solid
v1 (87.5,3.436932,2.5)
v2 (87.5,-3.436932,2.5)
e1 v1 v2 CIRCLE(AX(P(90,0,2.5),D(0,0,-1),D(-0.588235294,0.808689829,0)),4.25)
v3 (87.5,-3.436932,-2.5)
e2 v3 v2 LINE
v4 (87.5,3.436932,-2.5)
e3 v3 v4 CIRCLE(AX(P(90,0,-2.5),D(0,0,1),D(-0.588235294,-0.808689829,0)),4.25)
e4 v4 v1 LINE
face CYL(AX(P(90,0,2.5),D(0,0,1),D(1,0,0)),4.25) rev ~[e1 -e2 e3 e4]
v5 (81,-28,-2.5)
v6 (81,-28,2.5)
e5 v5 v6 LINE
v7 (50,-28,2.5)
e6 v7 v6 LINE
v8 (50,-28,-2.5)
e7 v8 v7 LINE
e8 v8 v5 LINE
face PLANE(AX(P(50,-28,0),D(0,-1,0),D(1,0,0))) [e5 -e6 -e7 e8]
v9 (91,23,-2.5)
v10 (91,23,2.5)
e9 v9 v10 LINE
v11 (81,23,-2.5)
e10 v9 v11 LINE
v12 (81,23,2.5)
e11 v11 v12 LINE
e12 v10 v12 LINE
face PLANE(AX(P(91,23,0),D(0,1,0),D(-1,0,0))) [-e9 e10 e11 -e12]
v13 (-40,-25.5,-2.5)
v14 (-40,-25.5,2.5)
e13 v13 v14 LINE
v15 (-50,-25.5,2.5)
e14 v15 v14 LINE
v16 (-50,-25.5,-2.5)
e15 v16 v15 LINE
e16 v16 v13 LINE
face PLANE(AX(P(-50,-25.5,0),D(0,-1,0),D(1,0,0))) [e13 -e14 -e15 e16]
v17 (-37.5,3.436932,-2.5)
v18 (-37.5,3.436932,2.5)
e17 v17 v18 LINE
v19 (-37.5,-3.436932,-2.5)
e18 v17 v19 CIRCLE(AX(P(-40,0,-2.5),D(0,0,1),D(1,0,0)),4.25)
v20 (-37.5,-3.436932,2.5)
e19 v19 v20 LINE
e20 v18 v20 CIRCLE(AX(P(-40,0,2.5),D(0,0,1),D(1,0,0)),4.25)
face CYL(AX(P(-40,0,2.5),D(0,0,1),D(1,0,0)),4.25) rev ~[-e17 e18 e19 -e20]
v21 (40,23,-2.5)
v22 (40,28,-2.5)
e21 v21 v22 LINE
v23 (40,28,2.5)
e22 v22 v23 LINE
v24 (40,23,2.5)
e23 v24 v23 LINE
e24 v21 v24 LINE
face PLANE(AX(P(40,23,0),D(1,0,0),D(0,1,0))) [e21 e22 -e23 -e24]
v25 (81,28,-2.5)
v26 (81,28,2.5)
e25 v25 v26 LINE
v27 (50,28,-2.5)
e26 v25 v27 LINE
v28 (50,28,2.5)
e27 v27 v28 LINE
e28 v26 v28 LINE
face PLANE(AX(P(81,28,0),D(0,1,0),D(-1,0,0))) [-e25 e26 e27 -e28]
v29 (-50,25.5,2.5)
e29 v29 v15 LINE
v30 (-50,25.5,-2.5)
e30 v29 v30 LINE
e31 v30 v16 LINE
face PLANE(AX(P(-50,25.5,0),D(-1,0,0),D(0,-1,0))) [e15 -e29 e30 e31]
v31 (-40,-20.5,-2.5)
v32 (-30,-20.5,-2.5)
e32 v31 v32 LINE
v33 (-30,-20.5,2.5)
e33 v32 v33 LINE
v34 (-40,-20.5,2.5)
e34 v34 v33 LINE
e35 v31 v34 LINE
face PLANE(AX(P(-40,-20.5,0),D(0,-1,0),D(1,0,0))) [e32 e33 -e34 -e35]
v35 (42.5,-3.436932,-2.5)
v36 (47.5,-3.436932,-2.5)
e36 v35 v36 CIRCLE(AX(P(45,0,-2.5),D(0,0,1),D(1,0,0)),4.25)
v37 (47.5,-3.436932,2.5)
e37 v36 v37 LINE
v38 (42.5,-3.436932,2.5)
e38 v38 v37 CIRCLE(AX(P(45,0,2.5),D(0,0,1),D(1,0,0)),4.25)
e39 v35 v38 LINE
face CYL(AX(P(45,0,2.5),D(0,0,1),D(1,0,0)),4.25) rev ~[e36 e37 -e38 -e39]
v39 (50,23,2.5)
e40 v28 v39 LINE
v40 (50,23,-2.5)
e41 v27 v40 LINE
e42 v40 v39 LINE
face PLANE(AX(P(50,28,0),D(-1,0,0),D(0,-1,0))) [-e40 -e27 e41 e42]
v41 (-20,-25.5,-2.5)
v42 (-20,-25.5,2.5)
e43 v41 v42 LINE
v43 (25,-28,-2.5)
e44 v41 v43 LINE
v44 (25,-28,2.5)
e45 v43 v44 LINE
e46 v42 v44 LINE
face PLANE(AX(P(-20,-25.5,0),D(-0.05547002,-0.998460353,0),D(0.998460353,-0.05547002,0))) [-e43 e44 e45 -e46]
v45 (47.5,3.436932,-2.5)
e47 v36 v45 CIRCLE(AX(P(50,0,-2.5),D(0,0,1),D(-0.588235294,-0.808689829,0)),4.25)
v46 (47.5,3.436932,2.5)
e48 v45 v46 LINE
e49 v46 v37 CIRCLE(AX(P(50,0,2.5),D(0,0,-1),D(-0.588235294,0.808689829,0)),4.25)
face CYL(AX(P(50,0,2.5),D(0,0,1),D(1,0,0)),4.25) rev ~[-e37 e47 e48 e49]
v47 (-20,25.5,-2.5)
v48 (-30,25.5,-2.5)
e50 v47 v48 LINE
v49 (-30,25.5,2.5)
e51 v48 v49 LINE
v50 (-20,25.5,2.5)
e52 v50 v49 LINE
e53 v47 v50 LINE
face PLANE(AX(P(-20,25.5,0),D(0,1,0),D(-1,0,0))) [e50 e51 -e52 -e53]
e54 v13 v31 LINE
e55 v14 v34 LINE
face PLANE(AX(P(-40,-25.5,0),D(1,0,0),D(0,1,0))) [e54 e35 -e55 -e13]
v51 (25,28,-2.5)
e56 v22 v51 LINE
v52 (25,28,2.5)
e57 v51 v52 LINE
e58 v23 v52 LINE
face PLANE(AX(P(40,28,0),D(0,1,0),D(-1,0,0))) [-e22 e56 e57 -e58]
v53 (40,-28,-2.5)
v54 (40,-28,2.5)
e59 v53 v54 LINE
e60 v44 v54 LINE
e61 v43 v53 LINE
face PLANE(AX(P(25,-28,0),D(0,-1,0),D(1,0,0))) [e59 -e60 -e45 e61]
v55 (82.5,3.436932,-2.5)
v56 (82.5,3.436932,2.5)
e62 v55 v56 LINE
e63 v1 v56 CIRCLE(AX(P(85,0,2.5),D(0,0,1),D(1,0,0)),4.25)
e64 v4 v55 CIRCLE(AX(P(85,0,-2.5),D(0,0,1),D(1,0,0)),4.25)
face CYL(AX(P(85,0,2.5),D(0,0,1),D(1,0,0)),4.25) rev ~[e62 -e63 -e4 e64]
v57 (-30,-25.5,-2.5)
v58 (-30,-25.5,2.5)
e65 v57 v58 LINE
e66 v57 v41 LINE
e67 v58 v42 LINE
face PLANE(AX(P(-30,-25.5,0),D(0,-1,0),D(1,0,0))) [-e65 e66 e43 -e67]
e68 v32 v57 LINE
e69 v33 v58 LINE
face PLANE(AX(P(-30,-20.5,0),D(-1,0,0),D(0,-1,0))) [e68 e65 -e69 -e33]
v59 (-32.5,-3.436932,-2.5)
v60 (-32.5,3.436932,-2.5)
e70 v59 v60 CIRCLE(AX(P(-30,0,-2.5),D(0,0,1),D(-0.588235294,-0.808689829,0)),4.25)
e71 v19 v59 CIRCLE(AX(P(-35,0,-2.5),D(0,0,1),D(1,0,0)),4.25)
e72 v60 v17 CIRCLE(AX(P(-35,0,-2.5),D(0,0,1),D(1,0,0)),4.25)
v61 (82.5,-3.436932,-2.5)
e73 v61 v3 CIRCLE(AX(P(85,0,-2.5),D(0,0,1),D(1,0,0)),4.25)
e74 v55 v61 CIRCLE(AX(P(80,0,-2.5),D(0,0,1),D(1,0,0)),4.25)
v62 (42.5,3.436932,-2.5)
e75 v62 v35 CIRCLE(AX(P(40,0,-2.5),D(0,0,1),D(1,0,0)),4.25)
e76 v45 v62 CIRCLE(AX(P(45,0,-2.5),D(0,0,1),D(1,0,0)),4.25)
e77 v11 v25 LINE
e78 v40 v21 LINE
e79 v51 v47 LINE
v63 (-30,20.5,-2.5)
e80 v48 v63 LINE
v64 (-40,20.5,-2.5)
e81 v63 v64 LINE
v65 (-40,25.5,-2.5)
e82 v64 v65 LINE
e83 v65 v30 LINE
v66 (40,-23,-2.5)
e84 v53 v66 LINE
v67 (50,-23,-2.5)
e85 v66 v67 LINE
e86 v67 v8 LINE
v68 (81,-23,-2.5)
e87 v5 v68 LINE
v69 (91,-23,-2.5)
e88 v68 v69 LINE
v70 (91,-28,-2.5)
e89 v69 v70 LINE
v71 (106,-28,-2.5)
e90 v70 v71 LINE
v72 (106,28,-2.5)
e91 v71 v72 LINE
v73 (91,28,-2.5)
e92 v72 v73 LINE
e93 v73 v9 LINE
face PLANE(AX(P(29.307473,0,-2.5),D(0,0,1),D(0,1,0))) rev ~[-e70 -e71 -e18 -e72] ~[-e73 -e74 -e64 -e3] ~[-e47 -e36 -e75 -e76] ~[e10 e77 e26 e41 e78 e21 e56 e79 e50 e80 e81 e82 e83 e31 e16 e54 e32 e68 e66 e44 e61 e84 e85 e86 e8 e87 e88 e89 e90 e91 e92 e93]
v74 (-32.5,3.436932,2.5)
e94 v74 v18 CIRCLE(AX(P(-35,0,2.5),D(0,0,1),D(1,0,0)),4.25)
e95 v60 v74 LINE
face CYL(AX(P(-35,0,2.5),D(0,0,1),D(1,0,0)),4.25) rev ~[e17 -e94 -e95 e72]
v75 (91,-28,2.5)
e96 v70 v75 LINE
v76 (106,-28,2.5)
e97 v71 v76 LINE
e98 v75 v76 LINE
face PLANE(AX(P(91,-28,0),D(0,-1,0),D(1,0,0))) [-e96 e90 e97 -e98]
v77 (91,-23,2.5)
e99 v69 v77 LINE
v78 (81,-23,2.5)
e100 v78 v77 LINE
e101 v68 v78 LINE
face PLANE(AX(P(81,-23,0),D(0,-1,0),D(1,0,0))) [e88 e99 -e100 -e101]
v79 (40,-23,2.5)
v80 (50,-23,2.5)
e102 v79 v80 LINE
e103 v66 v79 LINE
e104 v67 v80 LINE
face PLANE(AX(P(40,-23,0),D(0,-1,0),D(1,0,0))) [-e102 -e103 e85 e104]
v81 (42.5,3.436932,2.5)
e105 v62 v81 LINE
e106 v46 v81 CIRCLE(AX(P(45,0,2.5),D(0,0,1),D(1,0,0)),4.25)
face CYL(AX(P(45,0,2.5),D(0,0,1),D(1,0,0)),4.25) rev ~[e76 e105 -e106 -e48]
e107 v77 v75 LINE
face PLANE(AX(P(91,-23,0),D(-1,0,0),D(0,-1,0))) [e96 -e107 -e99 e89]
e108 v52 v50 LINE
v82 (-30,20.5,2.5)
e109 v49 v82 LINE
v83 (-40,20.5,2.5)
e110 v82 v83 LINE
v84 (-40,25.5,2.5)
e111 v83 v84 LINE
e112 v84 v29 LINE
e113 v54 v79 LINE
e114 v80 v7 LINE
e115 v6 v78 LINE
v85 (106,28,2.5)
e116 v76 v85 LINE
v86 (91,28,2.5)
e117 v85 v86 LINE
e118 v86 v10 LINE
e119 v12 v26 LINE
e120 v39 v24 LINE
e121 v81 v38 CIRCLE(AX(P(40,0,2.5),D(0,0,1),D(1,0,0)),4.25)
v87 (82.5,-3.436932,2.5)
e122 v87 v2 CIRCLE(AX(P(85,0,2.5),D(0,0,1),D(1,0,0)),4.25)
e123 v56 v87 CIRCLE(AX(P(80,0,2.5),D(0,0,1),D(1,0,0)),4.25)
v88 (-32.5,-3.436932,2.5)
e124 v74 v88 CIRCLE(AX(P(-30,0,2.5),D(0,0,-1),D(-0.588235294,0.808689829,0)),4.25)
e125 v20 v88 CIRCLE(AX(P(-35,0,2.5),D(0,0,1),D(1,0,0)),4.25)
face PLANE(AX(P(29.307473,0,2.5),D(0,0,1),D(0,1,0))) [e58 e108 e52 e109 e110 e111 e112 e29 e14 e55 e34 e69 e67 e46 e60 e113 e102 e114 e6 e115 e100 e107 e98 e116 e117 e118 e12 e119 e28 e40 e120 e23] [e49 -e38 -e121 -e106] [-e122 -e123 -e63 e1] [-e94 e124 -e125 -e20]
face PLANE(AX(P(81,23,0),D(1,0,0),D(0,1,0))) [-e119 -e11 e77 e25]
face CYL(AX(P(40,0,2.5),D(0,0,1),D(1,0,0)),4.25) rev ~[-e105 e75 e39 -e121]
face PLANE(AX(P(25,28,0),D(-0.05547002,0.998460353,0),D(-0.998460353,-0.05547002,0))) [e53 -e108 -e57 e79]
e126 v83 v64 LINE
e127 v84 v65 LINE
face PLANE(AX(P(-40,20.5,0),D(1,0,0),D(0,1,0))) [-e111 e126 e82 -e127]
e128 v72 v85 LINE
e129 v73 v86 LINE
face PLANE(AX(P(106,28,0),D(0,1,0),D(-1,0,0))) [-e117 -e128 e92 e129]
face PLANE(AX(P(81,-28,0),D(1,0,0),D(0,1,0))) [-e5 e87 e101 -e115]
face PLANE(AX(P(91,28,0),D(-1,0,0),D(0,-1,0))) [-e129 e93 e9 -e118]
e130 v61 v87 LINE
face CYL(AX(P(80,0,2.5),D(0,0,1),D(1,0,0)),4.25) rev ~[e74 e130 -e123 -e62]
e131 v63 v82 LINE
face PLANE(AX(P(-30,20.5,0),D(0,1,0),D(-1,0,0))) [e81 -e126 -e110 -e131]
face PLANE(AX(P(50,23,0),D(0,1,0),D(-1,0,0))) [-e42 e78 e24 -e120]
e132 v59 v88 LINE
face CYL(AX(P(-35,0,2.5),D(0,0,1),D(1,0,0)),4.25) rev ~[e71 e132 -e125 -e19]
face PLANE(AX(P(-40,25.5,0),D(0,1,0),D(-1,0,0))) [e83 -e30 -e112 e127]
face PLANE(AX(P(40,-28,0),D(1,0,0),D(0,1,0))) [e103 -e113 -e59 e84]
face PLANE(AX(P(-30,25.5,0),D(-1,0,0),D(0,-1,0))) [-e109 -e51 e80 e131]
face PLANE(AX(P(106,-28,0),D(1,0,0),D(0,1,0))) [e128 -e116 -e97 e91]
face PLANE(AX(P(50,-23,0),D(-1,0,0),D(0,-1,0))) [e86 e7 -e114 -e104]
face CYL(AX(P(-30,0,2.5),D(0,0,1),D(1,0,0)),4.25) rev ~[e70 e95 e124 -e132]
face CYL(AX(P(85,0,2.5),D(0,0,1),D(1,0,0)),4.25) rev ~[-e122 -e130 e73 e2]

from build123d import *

# Parameters (mm, degrees)
BOSS_EXTRUDE1_DEPTH = 2.5
CUT_EXTRUDE1_REACH  = 111.75
SKETCH2_R           = 4.25


with BuildPart() as part:
    # Sketch1 → Boss-Extrude1 (new, symmetric)
    with BuildSketch(Plane(origin=(0, 0, 0), x_dir=(0, 1, 0), z_dir=(0, 0, 1))):
        Polygon((25.5, 50), (-25.5, 50), (-25.5, 40), (-20.5, 40), (-20.5, 30), (-25.5, 30), (-25.5, 20), (-28, -25), (-28, -40), (-23, -40), (-23, -50), (-28, -50), (-28, -81), (-23, -81), (-23, -91), (-28, -91), (-28, -106), (28, -106), (28, -91), (23, -91), (23, -81), (28, -81), (28, -50), (23, -50), (23, -40), (28, -40), (28, -25), (25.5, 20), (25.5, 30), (20.5, 30), (20.5, 40), (25.5, 40), align=None)
    extrude(amount=BOSS_EXTRUDE1_DEPTH, both=True)

    # Sketch2 → Cut-Extrude1 (cut, up to next)
    with BuildSketch(Plane.XY.offset(2.5), mode=Mode.PRIVATE) as cut_extrude1_sk1:
        with Locations((-35, 0)):
            Circle(SKETCH2_R)
    cut_extrude1_tool1 = extrude(cut_extrude1_sk1.sketch, amount=-CUT_EXTRUDE1_REACH, mode=Mode.PRIVATE) & part.part
    # Sketch2 → Cut-Extrude1 (cut, up to next)
    with BuildSketch(Plane.XY.offset(2.5), mode=Mode.PRIVATE) as cut_extrude1_sk2:
        with Locations((45, 0)):
            Circle(SKETCH2_R)
    cut_extrude1_tool2 = extrude(cut_extrude1_sk2.sketch, amount=-CUT_EXTRUDE1_REACH, mode=Mode.PRIVATE) & part.part
    # Sketch2 → Cut-Extrude1 (cut, up to next)
    with BuildSketch(Plane.XY.offset(2.5), mode=Mode.PRIVATE) as cut_extrude1_sk3:
        with Locations((85, 0)):
            Circle(SKETCH2_R)
    cut_extrude1_tool3 = extrude(cut_extrude1_sk3.sketch, amount=-CUT_EXTRUDE1_REACH, mode=Mode.PRIVATE) & part.part
    # Sketch2 → Cut-Extrude1 (cut, up to next)
    with BuildSketch(Plane.XY.offset(2.5), mode=Mode.PRIVATE) as cut_extrude1_sk4:
        with Locations((90, 0)):
            Circle(SKETCH2_R)
    cut_extrude1_tool4 = extrude(cut_extrude1_sk4.sketch, amount=-CUT_EXTRUDE1_REACH, mode=Mode.PRIVATE) & part.part
    # Sketch2 → Cut-Extrude1 (cut, up to next)
    with BuildSketch(Plane.XY.offset(2.5), mode=Mode.PRIVATE) as cut_extrude1_sk5:
        with Locations((50, 0)):
            Circle(SKETCH2_R)
    cut_extrude1_tool5 = extrude(cut_extrude1_sk5.sketch, amount=-CUT_EXTRUDE1_REACH, mode=Mode.PRIVATE) & part.part
    # Sketch2 → Cut-Extrude1 (cut, up to next)
    with BuildSketch(Plane.XY.offset(2.5), mode=Mode.PRIVATE) as cut_extrude1_sk6:
        with Locations((-30, 0)):
            Circle(SKETCH2_R)
    cut_extrude1_tool6 = extrude(cut_extrude1_sk6.sketch, amount=-CUT_EXTRUDE1_REACH, mode=Mode.PRIVATE) & part.part
    # Sketch2 → Cut-Extrude1 (cut, up to next)
    with BuildSketch(Plane.XY.offset(2.5), mode=Mode.PRIVATE) as cut_extrude1_sk7:
        with Locations((80, 0)):
            Circle(SKETCH2_R)
    cut_extrude1_tool7 = extrude(cut_extrude1_sk7.sketch, amount=-CUT_EXTRUDE1_REACH, mode=Mode.PRIVATE) & part.part
    # Sketch2 → Cut-Extrude1 (cut, up to next)
    with BuildSketch(Plane.XY.offset(2.5), mode=Mode.PRIVATE) as cut_extrude1_sk8:
        with Locations((40, 0)):
            Circle(SKETCH2_R)
    cut_extrude1_tool8 = extrude(cut_extrude1_sk8.sketch, amount=-CUT_EXTRUDE1_REACH, mode=Mode.PRIVATE) & part.part
    # Sketch2 → Cut-Extrude1 (cut, up to next)
    with BuildSketch(Plane.XY.offset(2.5), mode=Mode.PRIVATE) as cut_extrude1_sk9:
        with Locations((-40, 0)):
            Circle(SKETCH2_R)
    cut_extrude1_tool9 = extrude(cut_extrude1_sk9.sketch, amount=-CUT_EXTRUDE1_REACH, mode=Mode.PRIVATE) & part.part
    add(cut_extrude1_tool1.solids().sort_by_distance((-35, 0, 2.5))[0], mode=Mode.SUBTRACT)
    add(cut_extrude1_tool2.solids().sort_by_distance((45, 0, 2.5))[0], mode=Mode.SUBTRACT)
    add(cut_extrude1_tool3.solids().sort_by_distance((85, 0, 2.5))[0], mode=Mode.SUBTRACT)
    add(cut_extrude1_tool4.solids().sort_by_distance((90, 0, 2.5))[0], mode=Mode.SUBTRACT)
    add(cut_extrude1_tool5.solids().sort_by_distance((50, 0, 2.5))[0], mode=Mode.SUBTRACT)
    add(cut_extrude1_tool6.solids().sort_by_distance((-30, 0, 2.5))[0], mode=Mode.SUBTRACT)
    add(cut_extrude1_tool7.solids().sort_by_distance((80, 0, 2.5))[0], mode=Mode.SUBTRACT)
    add(cut_extrude1_tool8.solids().sort_by_distance((40, 0, 2.5))[0], mode=Mode.SUBTRACT)
    add(cut_extrude1_tool9.solids().sort_by_distance((-40, 0, 2.5))[0], mode=Mode.SUBTRACT)


solid = part.part
